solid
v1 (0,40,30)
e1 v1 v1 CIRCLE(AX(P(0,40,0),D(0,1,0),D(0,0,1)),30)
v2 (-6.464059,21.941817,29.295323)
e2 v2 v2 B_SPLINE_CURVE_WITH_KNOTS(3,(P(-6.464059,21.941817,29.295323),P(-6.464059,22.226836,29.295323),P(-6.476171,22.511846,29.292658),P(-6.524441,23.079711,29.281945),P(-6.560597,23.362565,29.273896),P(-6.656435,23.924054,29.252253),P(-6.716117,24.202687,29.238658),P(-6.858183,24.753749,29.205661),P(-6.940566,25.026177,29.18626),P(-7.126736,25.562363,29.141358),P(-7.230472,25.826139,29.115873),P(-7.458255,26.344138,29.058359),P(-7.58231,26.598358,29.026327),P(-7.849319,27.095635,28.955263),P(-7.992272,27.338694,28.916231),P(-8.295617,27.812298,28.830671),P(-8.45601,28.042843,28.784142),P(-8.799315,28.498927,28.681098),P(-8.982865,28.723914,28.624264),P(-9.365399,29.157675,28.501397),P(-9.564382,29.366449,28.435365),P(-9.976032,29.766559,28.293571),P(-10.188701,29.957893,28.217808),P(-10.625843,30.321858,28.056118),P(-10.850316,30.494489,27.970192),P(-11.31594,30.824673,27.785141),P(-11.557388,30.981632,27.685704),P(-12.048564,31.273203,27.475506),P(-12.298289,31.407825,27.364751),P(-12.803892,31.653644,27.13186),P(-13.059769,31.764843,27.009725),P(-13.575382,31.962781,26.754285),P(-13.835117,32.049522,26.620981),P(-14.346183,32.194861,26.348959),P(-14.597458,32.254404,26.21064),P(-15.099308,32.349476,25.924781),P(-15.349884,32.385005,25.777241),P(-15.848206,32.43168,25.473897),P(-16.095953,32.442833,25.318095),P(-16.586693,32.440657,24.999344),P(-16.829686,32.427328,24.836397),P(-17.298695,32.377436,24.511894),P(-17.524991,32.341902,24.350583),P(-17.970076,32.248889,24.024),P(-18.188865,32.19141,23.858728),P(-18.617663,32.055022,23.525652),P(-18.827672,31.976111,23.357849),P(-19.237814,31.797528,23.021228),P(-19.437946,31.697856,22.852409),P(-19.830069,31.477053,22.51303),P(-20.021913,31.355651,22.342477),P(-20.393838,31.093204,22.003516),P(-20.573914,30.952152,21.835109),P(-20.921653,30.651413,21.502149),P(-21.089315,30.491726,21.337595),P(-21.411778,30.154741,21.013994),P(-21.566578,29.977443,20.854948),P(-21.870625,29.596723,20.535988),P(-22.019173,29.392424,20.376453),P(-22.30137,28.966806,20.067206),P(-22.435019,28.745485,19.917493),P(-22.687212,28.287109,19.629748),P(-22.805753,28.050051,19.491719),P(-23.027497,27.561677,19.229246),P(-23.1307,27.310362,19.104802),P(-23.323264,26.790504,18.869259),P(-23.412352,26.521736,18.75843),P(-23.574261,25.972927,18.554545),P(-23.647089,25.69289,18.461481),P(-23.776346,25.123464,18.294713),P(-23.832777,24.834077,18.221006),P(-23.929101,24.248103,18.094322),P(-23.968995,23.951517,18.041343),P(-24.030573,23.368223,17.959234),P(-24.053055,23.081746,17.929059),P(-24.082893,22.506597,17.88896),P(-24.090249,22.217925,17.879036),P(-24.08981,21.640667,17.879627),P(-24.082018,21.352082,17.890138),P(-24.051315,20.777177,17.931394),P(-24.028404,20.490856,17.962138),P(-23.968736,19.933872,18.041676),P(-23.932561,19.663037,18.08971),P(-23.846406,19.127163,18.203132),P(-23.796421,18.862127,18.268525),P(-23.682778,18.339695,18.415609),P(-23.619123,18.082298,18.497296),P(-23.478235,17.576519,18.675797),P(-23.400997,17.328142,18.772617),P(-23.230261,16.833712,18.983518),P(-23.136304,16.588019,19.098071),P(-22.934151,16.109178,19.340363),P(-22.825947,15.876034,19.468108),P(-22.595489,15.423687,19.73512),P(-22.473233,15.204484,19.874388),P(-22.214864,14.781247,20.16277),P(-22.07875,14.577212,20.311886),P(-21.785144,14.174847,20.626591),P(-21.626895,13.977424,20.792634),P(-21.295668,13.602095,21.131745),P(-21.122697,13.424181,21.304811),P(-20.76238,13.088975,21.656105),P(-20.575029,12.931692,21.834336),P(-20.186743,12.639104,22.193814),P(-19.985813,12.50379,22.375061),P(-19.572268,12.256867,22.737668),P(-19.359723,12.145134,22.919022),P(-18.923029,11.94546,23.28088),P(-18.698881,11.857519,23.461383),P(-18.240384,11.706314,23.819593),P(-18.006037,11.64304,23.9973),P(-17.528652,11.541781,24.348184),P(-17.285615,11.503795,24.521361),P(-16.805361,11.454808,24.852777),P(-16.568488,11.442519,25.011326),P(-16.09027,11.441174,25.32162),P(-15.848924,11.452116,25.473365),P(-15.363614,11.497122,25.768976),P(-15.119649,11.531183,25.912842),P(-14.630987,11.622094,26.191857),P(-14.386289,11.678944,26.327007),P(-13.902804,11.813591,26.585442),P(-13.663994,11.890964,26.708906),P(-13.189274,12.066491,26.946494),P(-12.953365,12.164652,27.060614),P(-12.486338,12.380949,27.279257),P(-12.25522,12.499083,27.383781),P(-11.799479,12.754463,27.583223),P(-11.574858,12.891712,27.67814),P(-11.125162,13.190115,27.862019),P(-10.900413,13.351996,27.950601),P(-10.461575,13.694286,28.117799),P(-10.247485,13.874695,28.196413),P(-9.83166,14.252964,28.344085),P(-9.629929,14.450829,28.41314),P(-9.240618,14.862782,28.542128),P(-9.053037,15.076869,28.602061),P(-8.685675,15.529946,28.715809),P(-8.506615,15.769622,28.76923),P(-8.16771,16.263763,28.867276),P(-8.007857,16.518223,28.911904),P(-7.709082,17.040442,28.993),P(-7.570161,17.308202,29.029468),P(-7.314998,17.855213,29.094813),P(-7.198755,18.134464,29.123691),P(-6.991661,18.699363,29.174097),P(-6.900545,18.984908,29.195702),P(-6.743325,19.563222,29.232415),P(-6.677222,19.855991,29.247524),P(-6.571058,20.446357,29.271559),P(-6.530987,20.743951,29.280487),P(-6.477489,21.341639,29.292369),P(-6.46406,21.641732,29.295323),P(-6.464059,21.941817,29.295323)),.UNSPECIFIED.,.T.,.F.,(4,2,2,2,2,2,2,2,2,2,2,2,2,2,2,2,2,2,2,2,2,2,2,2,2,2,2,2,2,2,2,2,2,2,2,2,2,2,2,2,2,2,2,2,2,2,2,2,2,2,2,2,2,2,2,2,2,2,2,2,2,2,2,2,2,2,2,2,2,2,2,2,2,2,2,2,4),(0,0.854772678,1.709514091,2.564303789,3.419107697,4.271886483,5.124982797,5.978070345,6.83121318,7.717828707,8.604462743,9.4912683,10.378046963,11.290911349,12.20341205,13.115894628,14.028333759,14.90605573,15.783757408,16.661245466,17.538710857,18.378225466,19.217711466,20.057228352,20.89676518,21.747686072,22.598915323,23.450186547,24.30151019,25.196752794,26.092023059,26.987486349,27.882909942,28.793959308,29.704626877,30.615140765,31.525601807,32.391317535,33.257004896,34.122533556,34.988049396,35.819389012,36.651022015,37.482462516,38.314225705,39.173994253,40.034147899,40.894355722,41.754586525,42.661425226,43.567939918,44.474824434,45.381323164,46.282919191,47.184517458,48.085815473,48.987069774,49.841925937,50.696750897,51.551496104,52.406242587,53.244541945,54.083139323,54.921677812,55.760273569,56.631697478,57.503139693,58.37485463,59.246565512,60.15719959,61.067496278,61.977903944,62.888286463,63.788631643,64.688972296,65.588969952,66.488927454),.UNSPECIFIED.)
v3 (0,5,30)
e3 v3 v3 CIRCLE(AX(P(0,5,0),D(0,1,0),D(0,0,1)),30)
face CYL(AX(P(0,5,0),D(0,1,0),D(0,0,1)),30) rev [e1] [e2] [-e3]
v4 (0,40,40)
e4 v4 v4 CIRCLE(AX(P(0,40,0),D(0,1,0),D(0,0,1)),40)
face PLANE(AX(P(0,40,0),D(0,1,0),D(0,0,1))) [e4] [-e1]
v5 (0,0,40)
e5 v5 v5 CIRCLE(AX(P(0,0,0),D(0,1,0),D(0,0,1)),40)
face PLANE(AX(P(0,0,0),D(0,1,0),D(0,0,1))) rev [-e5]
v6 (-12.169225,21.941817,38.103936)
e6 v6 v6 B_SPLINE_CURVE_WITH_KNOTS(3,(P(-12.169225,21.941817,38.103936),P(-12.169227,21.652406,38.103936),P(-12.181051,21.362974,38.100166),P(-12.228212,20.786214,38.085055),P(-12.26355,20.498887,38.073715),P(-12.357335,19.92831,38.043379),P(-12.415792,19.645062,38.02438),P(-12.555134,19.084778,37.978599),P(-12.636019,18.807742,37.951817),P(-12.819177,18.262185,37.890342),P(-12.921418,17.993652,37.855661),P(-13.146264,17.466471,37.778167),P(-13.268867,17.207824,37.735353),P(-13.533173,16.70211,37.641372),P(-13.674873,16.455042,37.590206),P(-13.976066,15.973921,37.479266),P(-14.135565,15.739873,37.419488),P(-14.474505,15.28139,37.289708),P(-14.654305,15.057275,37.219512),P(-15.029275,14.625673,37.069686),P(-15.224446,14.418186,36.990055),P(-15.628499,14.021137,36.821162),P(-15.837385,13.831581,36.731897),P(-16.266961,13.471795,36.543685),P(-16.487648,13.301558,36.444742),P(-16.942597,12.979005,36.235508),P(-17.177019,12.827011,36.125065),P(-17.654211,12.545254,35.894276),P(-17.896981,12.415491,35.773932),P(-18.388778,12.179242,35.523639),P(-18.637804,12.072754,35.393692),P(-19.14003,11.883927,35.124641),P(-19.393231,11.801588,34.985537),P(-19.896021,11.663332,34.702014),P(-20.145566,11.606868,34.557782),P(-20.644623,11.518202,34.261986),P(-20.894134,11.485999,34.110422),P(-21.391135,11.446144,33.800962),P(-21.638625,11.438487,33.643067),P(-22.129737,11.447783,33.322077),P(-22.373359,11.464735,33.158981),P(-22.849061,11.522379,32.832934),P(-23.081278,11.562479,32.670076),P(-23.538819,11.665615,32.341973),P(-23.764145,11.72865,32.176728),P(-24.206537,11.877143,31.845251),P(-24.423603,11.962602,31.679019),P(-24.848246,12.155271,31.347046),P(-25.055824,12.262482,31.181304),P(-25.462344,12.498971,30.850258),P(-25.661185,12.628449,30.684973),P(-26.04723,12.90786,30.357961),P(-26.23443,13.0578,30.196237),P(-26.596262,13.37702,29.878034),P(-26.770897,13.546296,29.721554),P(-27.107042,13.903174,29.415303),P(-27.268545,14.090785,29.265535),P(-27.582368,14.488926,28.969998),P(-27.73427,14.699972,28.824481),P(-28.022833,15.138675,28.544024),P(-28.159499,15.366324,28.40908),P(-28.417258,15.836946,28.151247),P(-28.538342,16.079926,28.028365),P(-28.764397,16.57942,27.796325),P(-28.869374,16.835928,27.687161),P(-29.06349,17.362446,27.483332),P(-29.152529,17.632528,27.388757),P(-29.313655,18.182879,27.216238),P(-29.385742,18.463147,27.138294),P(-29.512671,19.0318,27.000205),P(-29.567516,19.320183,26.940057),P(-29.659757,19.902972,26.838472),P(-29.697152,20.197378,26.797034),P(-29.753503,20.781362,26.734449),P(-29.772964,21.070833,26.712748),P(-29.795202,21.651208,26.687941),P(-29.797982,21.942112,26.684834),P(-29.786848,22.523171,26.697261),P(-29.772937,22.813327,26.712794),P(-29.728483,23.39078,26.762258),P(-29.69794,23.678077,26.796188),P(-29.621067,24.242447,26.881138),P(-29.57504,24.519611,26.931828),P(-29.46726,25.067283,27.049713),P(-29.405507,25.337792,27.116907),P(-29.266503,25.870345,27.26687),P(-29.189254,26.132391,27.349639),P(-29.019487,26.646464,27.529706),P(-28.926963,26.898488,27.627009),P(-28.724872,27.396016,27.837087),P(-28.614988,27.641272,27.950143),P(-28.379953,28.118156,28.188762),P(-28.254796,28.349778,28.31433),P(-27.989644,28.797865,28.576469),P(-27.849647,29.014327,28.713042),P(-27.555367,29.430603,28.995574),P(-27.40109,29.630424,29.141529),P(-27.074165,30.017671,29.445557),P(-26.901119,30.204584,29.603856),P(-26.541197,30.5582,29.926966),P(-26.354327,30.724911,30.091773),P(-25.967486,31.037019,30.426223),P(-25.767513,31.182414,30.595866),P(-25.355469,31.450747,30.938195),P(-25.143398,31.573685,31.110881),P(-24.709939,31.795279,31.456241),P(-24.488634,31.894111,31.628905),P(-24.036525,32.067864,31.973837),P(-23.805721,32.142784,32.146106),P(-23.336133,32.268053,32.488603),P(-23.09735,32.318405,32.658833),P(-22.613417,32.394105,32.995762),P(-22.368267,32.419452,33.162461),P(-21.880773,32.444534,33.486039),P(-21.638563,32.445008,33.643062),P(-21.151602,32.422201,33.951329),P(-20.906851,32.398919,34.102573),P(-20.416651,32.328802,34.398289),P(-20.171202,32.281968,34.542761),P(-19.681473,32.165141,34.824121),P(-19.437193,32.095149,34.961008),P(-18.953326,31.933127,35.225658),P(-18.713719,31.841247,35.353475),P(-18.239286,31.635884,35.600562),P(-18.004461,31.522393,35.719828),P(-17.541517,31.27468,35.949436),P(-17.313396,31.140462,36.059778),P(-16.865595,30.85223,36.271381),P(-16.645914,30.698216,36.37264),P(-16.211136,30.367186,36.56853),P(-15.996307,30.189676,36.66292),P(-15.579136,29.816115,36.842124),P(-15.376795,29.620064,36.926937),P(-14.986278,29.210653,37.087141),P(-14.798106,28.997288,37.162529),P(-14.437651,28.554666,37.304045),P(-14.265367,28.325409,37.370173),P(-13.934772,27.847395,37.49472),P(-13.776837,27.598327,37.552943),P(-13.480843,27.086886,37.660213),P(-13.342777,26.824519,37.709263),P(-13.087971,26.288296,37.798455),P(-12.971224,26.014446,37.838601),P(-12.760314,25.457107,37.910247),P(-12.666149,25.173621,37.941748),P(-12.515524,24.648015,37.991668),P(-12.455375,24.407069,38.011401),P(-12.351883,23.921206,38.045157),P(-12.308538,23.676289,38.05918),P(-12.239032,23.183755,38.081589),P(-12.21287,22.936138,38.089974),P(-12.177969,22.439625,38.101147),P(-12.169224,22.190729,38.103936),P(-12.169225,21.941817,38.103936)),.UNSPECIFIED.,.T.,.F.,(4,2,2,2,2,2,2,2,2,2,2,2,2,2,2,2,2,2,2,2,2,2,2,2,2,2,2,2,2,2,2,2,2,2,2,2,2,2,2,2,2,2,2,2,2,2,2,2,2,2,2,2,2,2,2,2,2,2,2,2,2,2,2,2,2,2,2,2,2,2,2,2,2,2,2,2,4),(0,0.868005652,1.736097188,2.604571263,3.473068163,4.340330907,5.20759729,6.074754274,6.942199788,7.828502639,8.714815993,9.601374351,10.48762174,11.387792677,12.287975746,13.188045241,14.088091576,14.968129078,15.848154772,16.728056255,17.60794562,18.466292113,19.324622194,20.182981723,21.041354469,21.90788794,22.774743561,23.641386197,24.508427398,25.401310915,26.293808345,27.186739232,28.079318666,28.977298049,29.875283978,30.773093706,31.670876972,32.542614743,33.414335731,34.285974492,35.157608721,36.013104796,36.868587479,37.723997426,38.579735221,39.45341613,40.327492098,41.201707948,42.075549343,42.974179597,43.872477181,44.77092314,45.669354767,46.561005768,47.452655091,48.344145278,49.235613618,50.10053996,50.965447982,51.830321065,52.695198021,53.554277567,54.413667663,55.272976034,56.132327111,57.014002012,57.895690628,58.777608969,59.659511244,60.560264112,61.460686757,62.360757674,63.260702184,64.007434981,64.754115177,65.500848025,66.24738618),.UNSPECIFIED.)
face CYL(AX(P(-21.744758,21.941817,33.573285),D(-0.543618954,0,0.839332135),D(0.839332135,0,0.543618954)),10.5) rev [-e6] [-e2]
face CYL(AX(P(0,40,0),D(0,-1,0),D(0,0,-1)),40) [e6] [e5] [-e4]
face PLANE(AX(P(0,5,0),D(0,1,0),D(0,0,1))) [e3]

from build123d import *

# Parameters (mm, degrees)
SKETCH_1_R                   = 40
EXTRUDE_1_DEPTH              = 40
SKETCH_3_R                   = 30
CUT_EXTRUDE_2_DEPTH          = 35
HOLE_WIZARD_21_0_21_1_REACH  = 100.524
HOLE_WIZARD_21_0_21_1_BORE_R = 10.5


with BuildPart() as part:
    # 草圖1 → 填料-伸長1 (new body)
    with BuildSketch(Plane(origin=(0, 0, 0), x_dir=(1, 0, 0), z_dir=(0, 1, 0))):
        with Locations(Location((0, 0, 0), (0, 0, 270))):
            Circle(SKETCH_1_R)
    extrude(amount=EXTRUDE_1_DEPTH)

    # 草圖3 → 除料-伸長2 (cut)
    with BuildSketch(Plane(origin=(0, 40, 0), x_dir=(1, 0, 0), z_dir=(0, 1, 0))):
        with Locations(Location((0, 0, 0), (0, 0, 270))):
            Circle(SKETCH_3_R)
    extrude(amount=-CUT_EXTRUDE_2_DEPTH, mode=Mode.SUBTRACT)

    # Ø21.0 (21) 直徑孔1 bore (on position points) → Ø21.0 (21) 直徑孔1 (cut, up to next)
    with BuildSketch(Plane(origin=(-21.744758151, 21.94181737, 33.573285406), x_dir=(0.839332135156, 0, 0.543618953768), z_dir=(-0.543618953768, 0, 0.839332135156)), mode=Mode.PRIVATE) as hole_wizard_21_0_21_1_sk1:
        Circle(HOLE_WIZARD_21_0_21_1_BORE_R)
    hole_wizard_21_0_21_1_tool1 = extrude(hole_wizard_21_0_21_1_sk1.sketch, amount=-HOLE_WIZARD_21_0_21_1_REACH, mode=Mode.PRIVATE) & part.part
    add(hole_wizard_21_0_21_1_tool1.solids().sort_by_distance((-21.744758, 21.941817, 33.573285))[0], mode=Mode.SUBTRACT)


solid = part.part
